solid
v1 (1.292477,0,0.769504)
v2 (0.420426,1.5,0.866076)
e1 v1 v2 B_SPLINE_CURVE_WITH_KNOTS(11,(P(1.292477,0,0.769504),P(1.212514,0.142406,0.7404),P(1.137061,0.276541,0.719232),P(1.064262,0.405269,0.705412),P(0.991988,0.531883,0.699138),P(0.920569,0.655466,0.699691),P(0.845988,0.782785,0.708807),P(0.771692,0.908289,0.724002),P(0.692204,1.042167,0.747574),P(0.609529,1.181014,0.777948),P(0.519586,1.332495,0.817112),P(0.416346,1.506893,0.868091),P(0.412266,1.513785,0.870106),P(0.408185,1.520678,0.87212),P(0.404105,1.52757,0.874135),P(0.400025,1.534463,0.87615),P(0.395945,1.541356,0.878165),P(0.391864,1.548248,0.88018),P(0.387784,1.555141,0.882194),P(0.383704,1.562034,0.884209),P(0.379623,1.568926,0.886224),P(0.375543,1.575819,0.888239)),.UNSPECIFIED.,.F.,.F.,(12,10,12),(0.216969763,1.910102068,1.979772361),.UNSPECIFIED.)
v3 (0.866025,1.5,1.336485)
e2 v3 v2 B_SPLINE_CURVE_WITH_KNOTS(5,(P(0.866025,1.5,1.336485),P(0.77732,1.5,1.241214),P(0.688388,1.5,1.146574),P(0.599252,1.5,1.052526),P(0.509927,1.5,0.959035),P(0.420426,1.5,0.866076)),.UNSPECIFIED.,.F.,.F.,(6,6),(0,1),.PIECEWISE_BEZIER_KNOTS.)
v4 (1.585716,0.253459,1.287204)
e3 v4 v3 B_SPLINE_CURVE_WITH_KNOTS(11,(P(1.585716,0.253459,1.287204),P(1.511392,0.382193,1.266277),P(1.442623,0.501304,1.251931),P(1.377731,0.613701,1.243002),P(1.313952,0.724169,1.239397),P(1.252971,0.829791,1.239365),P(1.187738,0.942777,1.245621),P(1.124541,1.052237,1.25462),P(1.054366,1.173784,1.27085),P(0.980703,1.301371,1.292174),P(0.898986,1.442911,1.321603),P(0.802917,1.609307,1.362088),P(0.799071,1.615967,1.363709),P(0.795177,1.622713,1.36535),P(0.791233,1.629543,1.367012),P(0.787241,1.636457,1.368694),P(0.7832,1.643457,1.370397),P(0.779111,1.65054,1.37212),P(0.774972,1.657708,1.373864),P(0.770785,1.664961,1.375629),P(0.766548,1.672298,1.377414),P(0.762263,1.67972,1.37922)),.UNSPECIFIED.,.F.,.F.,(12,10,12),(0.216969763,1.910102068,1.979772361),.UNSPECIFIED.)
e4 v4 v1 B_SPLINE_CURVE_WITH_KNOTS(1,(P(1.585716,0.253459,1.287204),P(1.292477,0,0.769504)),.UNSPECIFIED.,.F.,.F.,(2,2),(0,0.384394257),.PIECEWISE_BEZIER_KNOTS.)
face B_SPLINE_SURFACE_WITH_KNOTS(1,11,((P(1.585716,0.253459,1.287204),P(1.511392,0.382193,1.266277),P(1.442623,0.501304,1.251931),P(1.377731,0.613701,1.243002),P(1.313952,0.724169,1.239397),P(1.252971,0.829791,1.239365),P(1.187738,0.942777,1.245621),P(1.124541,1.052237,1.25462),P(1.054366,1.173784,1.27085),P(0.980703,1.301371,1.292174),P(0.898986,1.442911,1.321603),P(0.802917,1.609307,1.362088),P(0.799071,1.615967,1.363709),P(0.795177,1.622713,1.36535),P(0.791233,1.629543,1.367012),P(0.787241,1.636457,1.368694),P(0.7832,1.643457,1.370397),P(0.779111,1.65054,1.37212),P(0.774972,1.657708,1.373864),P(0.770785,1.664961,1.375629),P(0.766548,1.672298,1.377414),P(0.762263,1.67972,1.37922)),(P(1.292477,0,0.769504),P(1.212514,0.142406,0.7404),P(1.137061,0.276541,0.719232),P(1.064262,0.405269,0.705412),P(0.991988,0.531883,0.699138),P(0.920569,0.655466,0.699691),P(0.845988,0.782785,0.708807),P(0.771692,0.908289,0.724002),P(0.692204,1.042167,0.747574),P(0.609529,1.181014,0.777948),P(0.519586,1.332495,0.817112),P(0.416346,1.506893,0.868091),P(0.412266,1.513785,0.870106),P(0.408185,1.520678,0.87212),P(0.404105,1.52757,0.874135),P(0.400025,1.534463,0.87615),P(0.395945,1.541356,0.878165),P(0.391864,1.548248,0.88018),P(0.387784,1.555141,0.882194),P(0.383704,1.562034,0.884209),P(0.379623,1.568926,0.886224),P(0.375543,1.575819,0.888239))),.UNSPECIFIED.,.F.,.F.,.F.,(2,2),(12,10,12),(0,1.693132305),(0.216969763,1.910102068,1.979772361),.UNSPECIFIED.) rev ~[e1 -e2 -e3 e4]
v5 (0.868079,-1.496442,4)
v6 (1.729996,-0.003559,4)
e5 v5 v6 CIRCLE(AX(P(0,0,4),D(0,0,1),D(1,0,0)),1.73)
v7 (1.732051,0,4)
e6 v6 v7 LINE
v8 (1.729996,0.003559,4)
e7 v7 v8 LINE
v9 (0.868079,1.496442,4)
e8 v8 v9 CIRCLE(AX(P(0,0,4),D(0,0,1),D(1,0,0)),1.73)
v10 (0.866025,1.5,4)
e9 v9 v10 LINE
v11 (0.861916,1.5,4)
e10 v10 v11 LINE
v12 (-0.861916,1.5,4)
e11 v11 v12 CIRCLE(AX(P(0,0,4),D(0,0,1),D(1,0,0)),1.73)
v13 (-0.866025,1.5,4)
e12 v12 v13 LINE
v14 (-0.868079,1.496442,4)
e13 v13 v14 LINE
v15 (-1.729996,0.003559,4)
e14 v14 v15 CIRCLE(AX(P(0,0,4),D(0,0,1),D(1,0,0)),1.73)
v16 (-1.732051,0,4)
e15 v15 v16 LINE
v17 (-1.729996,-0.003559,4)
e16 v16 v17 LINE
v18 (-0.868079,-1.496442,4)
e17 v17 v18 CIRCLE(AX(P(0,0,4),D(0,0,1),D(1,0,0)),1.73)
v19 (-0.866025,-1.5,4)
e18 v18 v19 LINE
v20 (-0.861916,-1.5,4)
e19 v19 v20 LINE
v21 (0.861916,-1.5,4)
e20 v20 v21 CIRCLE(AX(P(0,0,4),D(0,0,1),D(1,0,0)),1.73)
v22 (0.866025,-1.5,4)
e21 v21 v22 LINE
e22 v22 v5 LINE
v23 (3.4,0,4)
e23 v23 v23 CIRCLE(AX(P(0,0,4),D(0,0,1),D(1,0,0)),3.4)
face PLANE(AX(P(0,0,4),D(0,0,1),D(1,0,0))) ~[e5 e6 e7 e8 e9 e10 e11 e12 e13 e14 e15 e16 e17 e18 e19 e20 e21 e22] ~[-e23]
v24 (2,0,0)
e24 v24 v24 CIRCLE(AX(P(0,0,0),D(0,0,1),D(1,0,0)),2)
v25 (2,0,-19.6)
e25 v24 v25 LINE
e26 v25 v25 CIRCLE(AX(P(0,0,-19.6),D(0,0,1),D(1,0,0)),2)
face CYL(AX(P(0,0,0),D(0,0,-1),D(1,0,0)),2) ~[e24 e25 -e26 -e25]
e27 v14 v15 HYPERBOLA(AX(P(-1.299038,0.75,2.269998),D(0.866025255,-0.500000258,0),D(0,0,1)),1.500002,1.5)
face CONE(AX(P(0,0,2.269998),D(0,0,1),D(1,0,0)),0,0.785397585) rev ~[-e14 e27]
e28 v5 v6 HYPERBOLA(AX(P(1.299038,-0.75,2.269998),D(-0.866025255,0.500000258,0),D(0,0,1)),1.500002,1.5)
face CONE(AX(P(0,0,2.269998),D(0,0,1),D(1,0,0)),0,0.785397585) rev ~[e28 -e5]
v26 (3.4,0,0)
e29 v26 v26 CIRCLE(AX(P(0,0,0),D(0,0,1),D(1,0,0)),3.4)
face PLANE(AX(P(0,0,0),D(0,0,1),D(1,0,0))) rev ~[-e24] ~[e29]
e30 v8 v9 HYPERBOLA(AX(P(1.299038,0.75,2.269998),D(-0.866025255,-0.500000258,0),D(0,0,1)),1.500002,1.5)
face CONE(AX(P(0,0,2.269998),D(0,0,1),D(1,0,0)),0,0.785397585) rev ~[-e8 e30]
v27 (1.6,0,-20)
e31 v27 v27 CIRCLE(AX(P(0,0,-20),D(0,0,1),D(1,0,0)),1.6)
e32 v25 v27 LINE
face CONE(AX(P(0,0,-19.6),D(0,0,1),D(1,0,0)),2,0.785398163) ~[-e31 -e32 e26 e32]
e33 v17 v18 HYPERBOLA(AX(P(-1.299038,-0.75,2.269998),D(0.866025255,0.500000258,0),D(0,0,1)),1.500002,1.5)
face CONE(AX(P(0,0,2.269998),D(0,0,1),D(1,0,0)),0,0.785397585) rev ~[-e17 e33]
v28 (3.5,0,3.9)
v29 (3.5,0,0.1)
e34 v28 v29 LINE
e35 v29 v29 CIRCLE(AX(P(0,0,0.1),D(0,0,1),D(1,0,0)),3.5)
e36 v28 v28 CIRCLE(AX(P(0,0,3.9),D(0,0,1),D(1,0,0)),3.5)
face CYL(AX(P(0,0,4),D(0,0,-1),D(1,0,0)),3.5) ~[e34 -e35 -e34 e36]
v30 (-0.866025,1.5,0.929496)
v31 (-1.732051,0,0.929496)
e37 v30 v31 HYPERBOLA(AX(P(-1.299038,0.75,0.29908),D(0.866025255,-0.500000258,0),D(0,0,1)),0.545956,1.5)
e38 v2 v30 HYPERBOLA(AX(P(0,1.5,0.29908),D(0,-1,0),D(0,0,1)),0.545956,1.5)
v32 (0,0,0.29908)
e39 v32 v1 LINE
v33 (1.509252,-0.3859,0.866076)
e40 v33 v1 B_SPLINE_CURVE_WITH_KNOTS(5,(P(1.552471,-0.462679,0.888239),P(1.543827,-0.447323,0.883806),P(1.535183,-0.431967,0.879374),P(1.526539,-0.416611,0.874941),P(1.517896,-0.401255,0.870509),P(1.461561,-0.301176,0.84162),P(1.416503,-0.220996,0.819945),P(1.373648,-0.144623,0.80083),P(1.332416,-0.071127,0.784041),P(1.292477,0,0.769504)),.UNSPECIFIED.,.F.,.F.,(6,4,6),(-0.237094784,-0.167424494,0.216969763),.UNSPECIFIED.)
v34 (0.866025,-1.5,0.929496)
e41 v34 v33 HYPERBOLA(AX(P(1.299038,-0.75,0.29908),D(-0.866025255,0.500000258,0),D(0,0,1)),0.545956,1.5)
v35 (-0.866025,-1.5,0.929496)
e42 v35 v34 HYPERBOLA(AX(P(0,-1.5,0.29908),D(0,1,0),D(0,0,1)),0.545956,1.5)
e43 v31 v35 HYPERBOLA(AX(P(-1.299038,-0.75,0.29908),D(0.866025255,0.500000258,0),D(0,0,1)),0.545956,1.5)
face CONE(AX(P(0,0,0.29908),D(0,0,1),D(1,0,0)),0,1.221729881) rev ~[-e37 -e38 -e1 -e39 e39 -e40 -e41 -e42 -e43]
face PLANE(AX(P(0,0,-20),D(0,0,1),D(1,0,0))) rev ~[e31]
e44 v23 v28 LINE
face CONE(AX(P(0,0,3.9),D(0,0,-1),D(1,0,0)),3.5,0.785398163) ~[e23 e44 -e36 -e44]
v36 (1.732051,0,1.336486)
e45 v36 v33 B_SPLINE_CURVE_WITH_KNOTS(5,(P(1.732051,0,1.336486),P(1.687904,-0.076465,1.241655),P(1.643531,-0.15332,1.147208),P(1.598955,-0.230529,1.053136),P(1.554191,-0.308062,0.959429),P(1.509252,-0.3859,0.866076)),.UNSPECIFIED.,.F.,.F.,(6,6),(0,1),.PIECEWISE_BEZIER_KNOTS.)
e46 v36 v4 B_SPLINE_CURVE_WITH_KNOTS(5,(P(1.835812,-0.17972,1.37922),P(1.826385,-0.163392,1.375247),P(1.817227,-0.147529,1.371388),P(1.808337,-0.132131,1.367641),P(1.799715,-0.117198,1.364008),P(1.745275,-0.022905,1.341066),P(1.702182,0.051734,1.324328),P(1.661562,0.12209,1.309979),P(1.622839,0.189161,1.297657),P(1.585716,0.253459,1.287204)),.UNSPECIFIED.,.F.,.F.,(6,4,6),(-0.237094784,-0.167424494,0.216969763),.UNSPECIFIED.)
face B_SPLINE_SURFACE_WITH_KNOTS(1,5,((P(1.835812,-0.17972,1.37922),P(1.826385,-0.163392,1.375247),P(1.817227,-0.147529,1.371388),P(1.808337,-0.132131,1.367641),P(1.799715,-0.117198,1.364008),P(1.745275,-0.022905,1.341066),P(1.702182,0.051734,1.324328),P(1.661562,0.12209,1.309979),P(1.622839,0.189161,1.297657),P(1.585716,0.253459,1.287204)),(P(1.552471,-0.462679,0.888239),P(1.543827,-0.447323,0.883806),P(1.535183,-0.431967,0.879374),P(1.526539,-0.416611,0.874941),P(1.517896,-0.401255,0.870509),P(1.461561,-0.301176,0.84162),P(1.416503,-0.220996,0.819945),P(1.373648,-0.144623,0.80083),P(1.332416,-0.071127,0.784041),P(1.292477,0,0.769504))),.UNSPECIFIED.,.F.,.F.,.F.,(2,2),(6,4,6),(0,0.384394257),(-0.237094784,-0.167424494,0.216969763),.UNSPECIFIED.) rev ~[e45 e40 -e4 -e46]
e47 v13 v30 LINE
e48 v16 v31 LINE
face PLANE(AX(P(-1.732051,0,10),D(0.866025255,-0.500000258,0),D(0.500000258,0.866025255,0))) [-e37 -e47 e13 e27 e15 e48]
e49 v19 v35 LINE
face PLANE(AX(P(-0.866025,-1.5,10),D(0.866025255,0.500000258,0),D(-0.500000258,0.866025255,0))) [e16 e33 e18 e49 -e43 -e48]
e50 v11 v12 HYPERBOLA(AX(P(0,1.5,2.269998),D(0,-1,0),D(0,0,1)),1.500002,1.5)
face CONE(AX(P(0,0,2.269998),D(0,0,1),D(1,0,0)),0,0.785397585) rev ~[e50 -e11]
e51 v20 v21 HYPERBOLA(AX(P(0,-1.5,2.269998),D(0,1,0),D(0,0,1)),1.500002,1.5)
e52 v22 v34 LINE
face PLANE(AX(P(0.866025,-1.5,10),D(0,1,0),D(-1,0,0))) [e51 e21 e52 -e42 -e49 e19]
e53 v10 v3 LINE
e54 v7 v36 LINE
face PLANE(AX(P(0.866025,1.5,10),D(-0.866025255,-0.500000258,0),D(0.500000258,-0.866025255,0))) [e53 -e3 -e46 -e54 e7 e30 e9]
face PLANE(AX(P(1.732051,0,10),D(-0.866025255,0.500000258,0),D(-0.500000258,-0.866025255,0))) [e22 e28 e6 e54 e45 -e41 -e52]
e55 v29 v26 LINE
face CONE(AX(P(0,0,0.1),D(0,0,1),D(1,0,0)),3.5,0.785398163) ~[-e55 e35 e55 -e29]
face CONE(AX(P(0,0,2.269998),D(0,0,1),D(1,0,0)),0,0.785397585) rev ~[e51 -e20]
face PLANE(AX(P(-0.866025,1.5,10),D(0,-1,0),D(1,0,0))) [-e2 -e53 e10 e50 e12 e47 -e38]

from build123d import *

# Parameters (mm, degrees)
SKETCH001_R     = 3.75
POCKET_DEPTH    = 9.70192
CHAMFER_SIZE    = 0.4
CHAMFER001_SIZE = 0.1
CHAMFER002_SIZE = 0.4


with BuildPart() as pocket:
    # Sketch003 → Revolution001 (revolve)
    with BuildSketch(Plane.XZ):
        Polygon((0, 0.29908), (2.75, 1.3), (2.75, 10), (0, 10), align=None)
    revolve(axis=Axis((0, 0, 0), (0, 0, 1)))

    # Sketch001 → Pocket (cut, through all)
    with BuildSketch(Plane(origin=(0, 0, 10), x_dir=(-1, 0, 0), z_dir=(0, 0, 1))):
        Circle(SKETCH001_R)
        Polygon((-0.866025, 1.5), (0.866025, 1.5), (1.732051, 0), (0.866025, -1.5), (-0.866025, -1.5), (-1.732051, 0), align=None, mode=Mode.SUBTRACT)
    extrude(amount=-POCKET_DEPTH, mode=Mode.SUBTRACT)


with BuildPart() as chamfer002:
    # Sketch → Revolution (revolve)
    with BuildSketch(Plane.XZ):
        Polygon((1.73, 4), (3.5, 4), (3.5, 0), (2, 0), (2, -20), (0, -20), (0, 2.269998), align=None)
    revolve(axis=Axis((0, 0, 0), (0, 0, 1)))

    # Cut: cut Pocket
    add(pocket.part, mode=Mode.SUBTRACT)

    # Chamfer
    chamfer_edges = [chamfer002.edges().sort_by_distance(p)[0] for p in [
        (1.299038, 0.75, 0.845037),
    ]]
    chamfer(chamfer_edges, length=CHAMFER_SIZE)

    # Chamfer001
    chamfer001_edges = [chamfer002.edges().sort_by_distance(p)[0] for p in [
        (-3.5, 0, 4),
        (-3.5, 0, 0),
    ]]
    chamfer(chamfer001_edges, length=CHAMFER001_SIZE)

    # Chamfer002
    chamfer002_edges = [chamfer002.edges().sort_by_distance(p)[0] for p in [
        (-2, 0, -20),
    ]]
    chamfer(chamfer002_edges, length=CHAMFER002_SIZE)


solid = chamfer002.part
